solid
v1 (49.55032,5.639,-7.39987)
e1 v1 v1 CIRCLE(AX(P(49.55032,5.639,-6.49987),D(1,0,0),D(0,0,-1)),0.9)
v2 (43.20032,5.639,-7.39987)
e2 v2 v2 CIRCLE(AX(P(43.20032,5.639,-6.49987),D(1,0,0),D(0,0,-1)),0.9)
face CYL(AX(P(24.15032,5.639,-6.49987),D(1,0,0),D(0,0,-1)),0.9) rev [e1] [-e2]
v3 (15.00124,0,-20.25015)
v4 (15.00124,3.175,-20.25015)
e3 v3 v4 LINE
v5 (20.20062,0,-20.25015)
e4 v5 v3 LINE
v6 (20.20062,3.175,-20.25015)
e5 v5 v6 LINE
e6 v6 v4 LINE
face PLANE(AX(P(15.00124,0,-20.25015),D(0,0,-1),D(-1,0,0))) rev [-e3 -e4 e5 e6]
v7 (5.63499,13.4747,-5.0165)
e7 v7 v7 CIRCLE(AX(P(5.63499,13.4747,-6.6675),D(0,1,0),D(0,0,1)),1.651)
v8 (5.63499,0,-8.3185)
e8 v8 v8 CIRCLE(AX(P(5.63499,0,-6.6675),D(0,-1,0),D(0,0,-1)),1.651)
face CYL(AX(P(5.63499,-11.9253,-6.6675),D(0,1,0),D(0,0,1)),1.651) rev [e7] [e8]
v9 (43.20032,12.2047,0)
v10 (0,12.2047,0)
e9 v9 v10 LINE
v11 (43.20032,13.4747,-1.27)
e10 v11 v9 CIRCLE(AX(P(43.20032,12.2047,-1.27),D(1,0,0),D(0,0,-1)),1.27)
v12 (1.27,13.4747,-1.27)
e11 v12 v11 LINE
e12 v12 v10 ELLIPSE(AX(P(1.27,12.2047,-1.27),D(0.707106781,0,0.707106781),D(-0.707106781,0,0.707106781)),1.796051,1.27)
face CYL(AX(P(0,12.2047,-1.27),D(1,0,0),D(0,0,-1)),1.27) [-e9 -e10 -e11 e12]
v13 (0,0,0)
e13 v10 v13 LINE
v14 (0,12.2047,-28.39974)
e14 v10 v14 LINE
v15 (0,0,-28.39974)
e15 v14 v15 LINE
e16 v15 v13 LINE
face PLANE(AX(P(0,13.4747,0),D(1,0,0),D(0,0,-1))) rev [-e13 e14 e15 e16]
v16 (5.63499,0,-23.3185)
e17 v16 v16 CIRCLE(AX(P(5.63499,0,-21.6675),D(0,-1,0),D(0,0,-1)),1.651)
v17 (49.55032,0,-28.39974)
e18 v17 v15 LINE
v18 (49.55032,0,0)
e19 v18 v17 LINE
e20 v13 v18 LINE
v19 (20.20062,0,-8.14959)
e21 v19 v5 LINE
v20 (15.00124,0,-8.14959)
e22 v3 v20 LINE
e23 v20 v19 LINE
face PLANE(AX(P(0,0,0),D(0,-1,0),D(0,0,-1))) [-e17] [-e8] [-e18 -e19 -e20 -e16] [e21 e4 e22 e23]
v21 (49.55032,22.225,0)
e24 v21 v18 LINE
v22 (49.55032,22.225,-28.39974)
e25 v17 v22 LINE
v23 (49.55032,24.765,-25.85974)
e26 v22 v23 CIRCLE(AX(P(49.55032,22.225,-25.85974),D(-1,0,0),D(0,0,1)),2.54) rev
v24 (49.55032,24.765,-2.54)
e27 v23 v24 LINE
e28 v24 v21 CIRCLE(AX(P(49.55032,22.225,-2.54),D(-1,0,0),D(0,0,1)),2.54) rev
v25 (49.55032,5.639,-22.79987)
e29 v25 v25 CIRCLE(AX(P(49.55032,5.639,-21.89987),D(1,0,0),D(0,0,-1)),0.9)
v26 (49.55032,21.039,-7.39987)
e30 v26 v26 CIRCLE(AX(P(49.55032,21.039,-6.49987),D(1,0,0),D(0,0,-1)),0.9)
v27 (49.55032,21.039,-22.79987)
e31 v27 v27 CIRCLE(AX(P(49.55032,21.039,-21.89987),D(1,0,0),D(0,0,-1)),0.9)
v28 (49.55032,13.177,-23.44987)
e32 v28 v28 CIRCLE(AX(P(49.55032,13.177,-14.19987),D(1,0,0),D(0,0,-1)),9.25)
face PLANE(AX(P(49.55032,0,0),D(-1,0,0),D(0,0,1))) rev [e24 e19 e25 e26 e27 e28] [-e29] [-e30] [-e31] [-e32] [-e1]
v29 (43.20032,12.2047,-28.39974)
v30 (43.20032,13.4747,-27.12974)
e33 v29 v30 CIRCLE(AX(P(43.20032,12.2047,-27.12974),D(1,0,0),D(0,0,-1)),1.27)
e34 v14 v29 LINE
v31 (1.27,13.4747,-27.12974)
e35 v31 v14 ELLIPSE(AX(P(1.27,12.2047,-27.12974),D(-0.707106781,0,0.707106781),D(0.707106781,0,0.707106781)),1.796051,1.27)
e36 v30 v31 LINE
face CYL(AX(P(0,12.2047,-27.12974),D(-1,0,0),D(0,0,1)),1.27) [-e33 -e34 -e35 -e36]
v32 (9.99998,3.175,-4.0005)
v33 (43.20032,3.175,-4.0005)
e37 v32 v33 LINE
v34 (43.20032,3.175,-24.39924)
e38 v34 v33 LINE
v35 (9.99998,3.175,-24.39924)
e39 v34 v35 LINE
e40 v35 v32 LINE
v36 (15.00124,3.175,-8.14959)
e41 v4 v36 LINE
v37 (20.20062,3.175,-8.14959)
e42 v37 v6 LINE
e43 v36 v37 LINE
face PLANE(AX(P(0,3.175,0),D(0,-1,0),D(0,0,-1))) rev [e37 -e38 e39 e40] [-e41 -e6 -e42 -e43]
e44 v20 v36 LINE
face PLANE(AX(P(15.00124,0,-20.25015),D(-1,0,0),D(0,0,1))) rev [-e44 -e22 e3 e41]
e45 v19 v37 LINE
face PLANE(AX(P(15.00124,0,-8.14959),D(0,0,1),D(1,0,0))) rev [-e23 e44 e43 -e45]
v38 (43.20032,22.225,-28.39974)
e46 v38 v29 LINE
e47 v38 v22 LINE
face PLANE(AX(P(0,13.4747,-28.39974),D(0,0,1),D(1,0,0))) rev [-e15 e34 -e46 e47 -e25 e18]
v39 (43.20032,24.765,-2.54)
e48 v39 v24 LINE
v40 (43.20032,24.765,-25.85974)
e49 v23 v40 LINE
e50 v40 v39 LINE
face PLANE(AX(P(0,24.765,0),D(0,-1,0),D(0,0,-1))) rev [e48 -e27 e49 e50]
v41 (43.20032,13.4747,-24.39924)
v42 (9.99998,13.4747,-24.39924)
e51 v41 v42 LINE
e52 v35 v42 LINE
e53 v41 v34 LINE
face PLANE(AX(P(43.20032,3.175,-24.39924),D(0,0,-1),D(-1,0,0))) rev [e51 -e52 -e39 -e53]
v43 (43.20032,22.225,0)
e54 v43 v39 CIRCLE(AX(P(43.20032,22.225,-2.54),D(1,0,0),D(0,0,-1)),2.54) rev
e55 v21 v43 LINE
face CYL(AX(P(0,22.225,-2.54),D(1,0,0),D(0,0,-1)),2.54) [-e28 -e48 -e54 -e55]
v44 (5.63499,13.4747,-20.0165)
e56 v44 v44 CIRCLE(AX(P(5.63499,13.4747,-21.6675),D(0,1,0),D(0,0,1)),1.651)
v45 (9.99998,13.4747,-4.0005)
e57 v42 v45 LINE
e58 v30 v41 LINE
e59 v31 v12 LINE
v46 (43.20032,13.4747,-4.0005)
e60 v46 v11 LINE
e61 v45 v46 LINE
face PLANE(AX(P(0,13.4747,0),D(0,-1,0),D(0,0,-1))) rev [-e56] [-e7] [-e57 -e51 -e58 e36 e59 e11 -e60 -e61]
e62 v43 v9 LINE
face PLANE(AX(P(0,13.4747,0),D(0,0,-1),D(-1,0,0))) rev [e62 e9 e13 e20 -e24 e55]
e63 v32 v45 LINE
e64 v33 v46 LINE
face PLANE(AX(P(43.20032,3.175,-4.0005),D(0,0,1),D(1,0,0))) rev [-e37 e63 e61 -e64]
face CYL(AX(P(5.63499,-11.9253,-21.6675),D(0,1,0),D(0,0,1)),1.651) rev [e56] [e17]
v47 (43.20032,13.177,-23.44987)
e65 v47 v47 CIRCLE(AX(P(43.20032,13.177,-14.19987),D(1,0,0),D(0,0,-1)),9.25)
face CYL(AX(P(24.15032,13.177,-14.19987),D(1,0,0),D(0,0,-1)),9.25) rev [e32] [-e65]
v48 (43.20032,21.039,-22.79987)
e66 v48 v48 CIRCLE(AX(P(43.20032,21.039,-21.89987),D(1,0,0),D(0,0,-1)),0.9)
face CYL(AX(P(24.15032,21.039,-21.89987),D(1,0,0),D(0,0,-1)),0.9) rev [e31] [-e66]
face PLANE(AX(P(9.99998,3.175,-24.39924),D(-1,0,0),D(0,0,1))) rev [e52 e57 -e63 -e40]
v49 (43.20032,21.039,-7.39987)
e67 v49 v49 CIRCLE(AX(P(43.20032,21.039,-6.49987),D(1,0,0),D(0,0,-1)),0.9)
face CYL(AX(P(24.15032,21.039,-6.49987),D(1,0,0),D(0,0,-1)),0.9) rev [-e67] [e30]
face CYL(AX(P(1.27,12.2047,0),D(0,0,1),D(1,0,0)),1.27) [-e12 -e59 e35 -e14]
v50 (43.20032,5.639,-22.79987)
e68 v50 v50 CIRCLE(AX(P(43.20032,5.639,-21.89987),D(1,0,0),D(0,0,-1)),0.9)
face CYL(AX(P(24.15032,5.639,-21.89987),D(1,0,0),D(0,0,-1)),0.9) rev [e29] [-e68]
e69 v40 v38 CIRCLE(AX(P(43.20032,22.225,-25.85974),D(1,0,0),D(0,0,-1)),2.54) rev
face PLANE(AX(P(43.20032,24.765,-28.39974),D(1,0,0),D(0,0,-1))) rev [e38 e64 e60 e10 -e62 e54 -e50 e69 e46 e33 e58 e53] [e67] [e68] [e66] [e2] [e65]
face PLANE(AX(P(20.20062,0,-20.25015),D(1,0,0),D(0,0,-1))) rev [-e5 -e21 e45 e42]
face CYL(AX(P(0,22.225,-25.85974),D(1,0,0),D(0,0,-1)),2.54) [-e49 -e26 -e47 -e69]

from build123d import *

# Parameters (mm, degrees)
SKETCH1_W           = 43.20032
SKETCH1_H           = 28.39974
BOSS_EXTRUDE1_DEPTH = 13.4747
SKETCH2_W           = 33.20034
SKETCH2_H           = 20.39874
CUT_EXTRUDE1_DEPTH  = 10.2997
SKETCH3_W           = 5.19938
SKETCH3_H           = 12.10056
CUT_EXTRUDE2_DEPTH  = 53.715241631
BOSS_EXTRUDE2_DEPTH = 6.35
SKETCH5_W           = 6.35
SKETCH5_H           = 28.39974
BOSS_EXTRUDE3_DEPTH = 21.59
SKETCH6_R           = 9.25
CUT_EXTRUDE3_DEPTH  = 25.4
SKETCH7_R           = 0.9
CUT_EXTRUDE4_DEPTH  = 25.4
FILLET1_R           = 2.54
FILLET2_R           = 1.27
SKETCH8_R           = 1.651
CUT_EXTRUDE5_DEPTH  = 25.4


with BuildPart() as part:
    # Sketch1 → Boss-Extrude1 (new body)
    with BuildSketch(Plane(origin=(0, 0, 0), x_dir=(1, 0, 0), z_dir=(0, 1, 0))):
        with Locations((21.60016, 14.19987)):
            Rectangle(SKETCH1_W, SKETCH1_H)
    extrude(amount=BOSS_EXTRUDE1_DEPTH)

    # Sketch2 → Cut-Extrude1 (cut)
    with BuildSketch(Plane(origin=(0, 13.4747, 0), x_dir=(1, 0, 0), z_dir=(0, 1, 0))):
        with Locations((26.60015, 14.19987)):
            Rectangle(SKETCH2_W, SKETCH2_H)
    extrude(amount=-CUT_EXTRUDE1_DEPTH, mode=Mode.SUBTRACT)

    # Sketch3 → Cut-Extrude2 (cut, through all)
    with BuildSketch(Plane(origin=(0, 3.175, 0), x_dir=(1, 0, 0), z_dir=(0, 1, 0))):
        with Locations((17.60093, 14.19987)):
            Rectangle(SKETCH3_W, SKETCH3_H)
    extrude(amount=-CUT_EXTRUDE2_DEPTH, mode=Mode.SUBTRACT)

    # Sketch4 → Boss-Extrude2 (add)
    with BuildSketch(Plane(origin=(43.20032, 0, 0), x_dir=(0, 0, -1), z_dir=(1, 0, 0))):
        Polygon((24.39924, 3.175), (4.0005, 3.175), (4.0005, 13.4747), (0, 13.4747), (0, 0), (28.39974, 0), (28.39974, 13.4747), (24.39924, 13.4747), align=None)
    extrude(amount=BOSS_EXTRUDE2_DEPTH)

    # Sketch5 → Boss-Extrude3 (add)
    with BuildSketch(Plane(origin=(0, 3.175, 0), x_dir=(1, 0, 0), z_dir=(0, 1, 0))):
        with Locations((46.37532, 14.19987)):
            Rectangle(SKETCH5_W, SKETCH5_H)
    extrude(amount=BOSS_EXTRUDE3_DEPTH)

    # Sketch6 → Cut-Extrude3 (cut)
    with BuildSketch(Plane(origin=(49.55032, 0, 0), x_dir=(0, 0, -1), z_dir=(1, 0, 0))):
        with Locations((14.19987, 13.177)):
            Circle(SKETCH6_R)
    extrude(amount=-CUT_EXTRUDE3_DEPTH, mode=Mode.SUBTRACT)

    # Sketch7 → Cut-Extrude4 (cut)
    with BuildSketch(Plane(origin=(49.55032, 0, 0), x_dir=(0, 0, -1), z_dir=(1, 0, 0))):
        with Locations((6.49987, 21.039)):
            Circle(SKETCH7_R)
        with Locations((21.89987, 21.039)):
            Circle(SKETCH7_R)
        with Locations((21.89987, 5.639)):
            Circle(SKETCH7_R)
        with Locations((6.49987, 5.639)):
            Circle(SKETCH7_R)
    extrude(amount=-CUT_EXTRUDE4_DEPTH, mode=Mode.SUBTRACT)

    # Fillet1
    fillet1_edges = [part.edges().sort_by_distance(p)[0] for p in [
        (46.37532, 24.765, -28.39974),
        (46.37532, 24.765, 0),
    ]]
    fillet(fillet1_edges, radius=FILLET1_R)

    # Fillet2
    fillet2_edges = [part.edges().sort_by_distance(p)[0] for p in [
        (21.60016, 13.4747, -28.39974),
        (0, 13.4747, -14.19987),
        (21.60016, 13.4747, 0),
    ]]
    fillet(fillet2_edges, radius=FILLET2_R)

    # Sketch8 → Cut-Extrude5 (cut)
    with BuildSketch(Plane(origin=(0, 13.4747, 0), x_dir=(1, 0, 0), z_dir=(0, 1, 0))):
        with Locations(Location((5.63499, 21.6675, 0), (0, 0, 270))):
            Circle(SKETCH8_R)
        with Locations(Location((5.63499, 6.6675, 0), (0, 0, 270))):
            Circle(SKETCH8_R)
    extrude(amount=-CUT_EXTRUDE5_DEPTH, mode=Mode.SUBTRACT)


solid = part.part
